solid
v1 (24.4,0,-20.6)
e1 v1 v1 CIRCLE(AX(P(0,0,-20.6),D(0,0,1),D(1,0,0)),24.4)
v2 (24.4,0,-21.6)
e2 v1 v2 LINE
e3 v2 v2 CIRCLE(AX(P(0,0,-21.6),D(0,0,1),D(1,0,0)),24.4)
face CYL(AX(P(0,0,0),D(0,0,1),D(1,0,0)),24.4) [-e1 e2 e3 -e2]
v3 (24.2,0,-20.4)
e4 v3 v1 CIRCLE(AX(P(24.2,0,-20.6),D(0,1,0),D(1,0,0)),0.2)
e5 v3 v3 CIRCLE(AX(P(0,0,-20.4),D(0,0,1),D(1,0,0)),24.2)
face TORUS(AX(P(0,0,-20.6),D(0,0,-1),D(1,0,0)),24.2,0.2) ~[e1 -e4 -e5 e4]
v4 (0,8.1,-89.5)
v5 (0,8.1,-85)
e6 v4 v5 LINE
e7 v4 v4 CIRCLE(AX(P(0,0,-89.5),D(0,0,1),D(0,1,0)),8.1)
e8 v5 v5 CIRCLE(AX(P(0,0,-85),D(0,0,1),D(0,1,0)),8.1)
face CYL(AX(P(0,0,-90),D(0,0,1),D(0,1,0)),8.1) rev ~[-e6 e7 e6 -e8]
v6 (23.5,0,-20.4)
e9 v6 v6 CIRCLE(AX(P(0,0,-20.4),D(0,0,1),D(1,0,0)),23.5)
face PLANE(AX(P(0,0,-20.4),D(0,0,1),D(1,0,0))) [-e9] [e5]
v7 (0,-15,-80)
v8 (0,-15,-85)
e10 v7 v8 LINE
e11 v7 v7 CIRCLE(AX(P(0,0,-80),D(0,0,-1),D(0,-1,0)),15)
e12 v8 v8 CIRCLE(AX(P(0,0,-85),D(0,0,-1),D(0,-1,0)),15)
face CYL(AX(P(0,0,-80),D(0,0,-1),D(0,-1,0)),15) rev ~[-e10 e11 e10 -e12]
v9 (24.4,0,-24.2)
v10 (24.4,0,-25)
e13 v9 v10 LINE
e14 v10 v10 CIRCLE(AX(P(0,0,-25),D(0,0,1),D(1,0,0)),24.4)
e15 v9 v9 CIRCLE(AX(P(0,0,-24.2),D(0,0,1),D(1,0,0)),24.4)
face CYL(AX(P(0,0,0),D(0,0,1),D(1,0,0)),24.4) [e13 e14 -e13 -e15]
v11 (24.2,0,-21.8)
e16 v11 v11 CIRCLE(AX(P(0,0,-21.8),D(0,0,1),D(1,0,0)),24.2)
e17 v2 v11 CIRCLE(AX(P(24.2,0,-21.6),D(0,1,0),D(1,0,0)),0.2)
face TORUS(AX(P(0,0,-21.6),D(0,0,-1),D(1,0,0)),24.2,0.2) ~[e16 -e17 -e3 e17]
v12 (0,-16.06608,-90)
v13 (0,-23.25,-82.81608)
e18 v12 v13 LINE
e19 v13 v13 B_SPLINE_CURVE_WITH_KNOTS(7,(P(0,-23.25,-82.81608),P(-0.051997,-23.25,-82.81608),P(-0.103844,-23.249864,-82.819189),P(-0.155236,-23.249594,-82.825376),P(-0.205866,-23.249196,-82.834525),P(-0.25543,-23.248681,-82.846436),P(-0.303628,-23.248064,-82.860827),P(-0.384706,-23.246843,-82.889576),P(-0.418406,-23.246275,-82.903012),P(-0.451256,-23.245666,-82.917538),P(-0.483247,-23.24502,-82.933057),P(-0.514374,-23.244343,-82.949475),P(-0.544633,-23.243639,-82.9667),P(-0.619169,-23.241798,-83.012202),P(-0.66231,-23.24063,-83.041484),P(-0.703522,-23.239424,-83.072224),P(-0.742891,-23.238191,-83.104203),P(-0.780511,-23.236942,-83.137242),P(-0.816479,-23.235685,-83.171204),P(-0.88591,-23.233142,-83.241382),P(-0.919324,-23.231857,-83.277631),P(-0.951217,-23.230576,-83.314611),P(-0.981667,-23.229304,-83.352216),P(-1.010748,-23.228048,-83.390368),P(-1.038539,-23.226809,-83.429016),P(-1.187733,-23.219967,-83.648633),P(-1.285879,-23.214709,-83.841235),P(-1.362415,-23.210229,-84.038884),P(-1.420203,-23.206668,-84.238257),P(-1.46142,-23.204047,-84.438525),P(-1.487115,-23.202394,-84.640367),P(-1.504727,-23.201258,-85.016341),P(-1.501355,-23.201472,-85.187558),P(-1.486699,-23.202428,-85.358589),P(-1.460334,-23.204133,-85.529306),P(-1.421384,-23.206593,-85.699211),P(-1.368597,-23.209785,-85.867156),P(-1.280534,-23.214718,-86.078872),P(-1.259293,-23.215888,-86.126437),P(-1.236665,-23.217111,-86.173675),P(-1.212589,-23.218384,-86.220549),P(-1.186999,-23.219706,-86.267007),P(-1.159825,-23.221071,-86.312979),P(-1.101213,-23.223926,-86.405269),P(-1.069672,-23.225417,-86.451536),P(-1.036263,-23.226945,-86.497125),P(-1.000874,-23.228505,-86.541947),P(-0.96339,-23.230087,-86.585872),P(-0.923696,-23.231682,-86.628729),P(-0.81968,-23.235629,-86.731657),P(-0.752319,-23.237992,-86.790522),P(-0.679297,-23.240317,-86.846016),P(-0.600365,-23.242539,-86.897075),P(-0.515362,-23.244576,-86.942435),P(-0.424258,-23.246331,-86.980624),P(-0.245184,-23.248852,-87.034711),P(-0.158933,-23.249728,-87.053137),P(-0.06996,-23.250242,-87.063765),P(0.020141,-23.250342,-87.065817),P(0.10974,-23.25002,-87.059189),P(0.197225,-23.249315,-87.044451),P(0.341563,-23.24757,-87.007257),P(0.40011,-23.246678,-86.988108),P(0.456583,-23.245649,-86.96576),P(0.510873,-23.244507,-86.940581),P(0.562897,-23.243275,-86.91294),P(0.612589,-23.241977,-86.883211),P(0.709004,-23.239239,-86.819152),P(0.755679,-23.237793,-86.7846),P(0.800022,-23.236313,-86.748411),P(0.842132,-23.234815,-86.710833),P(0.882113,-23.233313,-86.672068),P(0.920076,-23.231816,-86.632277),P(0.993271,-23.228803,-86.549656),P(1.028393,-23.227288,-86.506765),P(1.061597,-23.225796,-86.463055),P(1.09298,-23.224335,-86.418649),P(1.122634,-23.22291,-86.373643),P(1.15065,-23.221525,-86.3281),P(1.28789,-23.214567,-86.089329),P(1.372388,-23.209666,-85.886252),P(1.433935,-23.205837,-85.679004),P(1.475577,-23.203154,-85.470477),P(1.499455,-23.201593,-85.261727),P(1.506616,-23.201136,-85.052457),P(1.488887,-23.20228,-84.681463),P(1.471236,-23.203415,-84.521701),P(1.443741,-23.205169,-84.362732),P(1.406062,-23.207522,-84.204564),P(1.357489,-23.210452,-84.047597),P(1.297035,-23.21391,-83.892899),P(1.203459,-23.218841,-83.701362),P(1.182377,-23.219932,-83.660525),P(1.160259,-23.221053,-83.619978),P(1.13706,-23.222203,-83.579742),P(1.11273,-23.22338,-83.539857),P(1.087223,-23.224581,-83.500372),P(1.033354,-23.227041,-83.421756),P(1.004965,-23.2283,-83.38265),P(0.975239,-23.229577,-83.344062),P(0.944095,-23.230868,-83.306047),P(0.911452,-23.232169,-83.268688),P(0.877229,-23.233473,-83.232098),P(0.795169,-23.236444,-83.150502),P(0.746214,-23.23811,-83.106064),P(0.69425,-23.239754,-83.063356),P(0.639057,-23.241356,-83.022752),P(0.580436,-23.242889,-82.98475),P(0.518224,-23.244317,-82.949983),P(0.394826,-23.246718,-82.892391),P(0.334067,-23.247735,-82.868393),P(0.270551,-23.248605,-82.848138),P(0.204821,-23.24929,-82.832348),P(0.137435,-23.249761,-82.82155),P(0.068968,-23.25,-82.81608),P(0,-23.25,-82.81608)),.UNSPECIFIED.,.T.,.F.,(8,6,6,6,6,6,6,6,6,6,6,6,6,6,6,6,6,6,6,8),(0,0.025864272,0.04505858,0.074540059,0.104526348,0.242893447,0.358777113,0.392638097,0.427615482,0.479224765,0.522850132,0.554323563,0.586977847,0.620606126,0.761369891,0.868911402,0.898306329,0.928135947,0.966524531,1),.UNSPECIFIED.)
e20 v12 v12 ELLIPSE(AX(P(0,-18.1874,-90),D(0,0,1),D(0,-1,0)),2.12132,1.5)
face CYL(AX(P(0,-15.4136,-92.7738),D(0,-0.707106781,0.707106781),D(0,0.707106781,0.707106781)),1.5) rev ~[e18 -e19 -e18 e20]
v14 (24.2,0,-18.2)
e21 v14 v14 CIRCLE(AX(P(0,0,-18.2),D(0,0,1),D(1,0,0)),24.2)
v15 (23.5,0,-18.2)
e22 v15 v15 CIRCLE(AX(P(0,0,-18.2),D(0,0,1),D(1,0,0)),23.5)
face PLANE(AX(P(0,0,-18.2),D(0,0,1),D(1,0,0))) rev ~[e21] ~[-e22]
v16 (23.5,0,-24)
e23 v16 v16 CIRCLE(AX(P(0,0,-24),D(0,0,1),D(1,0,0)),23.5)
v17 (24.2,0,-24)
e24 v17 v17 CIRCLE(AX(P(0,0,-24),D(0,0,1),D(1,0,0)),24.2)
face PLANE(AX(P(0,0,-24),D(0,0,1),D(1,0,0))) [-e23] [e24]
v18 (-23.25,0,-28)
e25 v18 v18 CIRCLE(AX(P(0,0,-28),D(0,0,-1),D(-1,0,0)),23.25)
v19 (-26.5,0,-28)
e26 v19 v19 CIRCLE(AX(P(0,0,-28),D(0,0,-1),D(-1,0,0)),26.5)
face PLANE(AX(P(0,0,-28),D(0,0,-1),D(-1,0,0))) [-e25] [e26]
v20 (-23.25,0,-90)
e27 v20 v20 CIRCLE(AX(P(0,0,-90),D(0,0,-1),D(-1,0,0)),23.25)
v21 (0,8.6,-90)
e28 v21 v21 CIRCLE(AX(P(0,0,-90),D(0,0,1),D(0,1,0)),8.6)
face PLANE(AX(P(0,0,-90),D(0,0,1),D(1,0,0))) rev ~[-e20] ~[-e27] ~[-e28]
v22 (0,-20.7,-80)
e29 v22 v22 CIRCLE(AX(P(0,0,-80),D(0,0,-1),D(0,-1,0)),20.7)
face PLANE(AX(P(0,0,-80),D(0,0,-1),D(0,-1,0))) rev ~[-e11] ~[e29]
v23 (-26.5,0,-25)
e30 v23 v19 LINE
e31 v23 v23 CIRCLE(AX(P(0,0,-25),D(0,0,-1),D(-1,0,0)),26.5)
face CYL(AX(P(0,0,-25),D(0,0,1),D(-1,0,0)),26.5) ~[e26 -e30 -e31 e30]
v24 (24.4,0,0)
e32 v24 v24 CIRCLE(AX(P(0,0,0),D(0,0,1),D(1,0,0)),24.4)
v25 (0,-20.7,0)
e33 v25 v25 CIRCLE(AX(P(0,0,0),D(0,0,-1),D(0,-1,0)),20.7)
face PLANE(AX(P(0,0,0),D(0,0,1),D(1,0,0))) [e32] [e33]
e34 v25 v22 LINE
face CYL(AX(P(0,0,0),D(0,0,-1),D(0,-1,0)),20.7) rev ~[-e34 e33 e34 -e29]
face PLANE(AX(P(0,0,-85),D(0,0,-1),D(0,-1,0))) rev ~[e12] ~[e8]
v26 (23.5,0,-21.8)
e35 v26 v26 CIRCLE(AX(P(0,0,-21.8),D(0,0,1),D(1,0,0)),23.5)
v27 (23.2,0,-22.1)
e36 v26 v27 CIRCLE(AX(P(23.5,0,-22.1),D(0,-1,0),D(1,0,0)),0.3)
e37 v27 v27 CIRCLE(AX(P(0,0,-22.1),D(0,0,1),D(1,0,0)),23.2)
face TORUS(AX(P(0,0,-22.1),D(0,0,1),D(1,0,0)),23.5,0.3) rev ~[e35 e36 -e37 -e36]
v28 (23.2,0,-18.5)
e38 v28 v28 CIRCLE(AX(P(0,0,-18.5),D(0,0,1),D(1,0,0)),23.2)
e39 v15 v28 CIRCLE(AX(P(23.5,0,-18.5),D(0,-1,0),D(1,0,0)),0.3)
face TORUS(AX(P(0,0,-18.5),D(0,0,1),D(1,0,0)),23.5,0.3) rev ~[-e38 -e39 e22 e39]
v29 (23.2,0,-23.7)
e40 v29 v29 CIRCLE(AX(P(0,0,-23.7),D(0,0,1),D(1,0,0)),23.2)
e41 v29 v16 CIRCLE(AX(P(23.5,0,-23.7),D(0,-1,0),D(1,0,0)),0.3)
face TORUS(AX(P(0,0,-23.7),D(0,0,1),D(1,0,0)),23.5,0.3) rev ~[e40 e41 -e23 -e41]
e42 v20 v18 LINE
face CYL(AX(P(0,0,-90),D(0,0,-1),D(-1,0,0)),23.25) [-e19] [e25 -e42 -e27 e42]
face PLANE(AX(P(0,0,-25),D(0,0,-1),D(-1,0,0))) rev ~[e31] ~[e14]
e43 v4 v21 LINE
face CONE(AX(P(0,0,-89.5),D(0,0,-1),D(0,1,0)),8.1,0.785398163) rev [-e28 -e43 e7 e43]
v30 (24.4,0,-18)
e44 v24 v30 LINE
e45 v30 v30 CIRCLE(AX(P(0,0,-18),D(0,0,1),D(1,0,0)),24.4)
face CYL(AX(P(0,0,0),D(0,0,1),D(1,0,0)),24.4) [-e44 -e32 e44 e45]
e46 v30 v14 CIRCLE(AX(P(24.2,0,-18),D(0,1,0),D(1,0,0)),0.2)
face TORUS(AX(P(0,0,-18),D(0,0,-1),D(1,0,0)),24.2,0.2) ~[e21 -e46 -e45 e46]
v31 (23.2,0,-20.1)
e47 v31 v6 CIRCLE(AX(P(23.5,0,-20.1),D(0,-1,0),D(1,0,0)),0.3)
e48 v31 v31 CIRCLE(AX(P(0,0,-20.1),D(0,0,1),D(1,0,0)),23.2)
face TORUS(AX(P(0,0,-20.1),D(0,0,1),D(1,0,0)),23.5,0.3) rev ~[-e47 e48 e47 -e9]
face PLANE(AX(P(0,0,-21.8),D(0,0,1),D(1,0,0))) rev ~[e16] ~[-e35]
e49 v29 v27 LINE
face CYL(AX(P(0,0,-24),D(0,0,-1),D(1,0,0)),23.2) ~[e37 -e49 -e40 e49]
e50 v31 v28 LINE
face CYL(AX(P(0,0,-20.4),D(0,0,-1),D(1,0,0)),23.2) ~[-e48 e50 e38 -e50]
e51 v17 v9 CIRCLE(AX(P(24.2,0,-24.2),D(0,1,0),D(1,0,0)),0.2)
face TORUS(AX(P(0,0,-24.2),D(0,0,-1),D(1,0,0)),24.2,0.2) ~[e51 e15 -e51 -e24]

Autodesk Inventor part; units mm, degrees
sketch "Skizze1" plane through (0, 0, 0) normal (0, 0, 1) x (1, 0, 0)
  circle A0 centre (0, 0) radius 24.4
  dimension "d0" = 48.8
extrude "Extrusion1" add sketch "Skizze1" against normal blind 90
sketch "Skizze5" plane through (0, 0, 0) normal (0, 0, 1) x (1, 0, 0)
  circle A0 centre (0, 0) radius 21.5
  dimension "d21" = 43
extrude "Extrusion2" [suppressed]
ref_plane "Arbeitsebene1" through (0, 0, -25) normal (0, 0, -1) x (-1, 0, 0)
sketch "Skizze6" plane through (0, 0, -25) normal (0, 0, -1) x (-1, 0, 0)
  circle A0 centre (0, 0) radius 26.5
  dimension "d25" = 53
extrude "Extrusion3" add sketch "Skizze6" along normal blind 3
ref_plane "Arbeitsebene2" through (0, 0, -24) normal (0, 0, 1) x (1, 0, 0)
sketch "Skizze7" plane through (0, 0, -24) normal (0, 0, 1) x (1, 0, 0)
  circle A0 centre (0, 0) radius 23.2
  circle A1 centre (0, 0) radius 24.4
  dimension "d29" = 46.4
extrude "Extrusion4" cut sketch "Skizze7" along normal blind 2.2
ref_plane "Arbeitsebene3" through (0, 0, -20.4) normal (0, 0, 1) x (1, 0, 0)
sketch "Skizze8" plane through (0, 0, -20.4) normal (0, 0, 1) x (1, 0, 0)
  circle A0 centre (0, 0) radius 23.2
  circle A1 centre (0, 0) radius 24.4
  dimension "d33" = 46.4
extrude "Extrusion5" cut sketch "Skizze8" along normal blind 2.2
fillet "Rundung1" radius 0.2 4 edges at (-24.4, 0, -24) (-24.4, 0, -21.8) (-24.4, 0, -20.4) (-24.4, 0, -18.2)
fillet "Rundung2" radius 0.3 4 edges at (-23.2, 0, -24) (-23.2, 0, -20.4) (-23.2, 0, -18.2) (-23.2, 0, -21.8)
sketch "Skizze3" plane through (0, 0, 0) normal (0, 0, 1) x (1, 0, 0)
  point P0 (0, 0)
  point P1 (0, 0)
hole "Bohrung2" at (0, 0, 0) direction (0, 0, -1) diameter 41.4 depth 80
sketch "Skizze14" plane through (0, 0, -90) normal (0, 0, -1) x (-1, 0, 0)
  point P0 (0, 0)
  point P1 (0, 0)
hole "Bohrung4" at (0, 0, -90) direction (0, 0, 1) diameter 16.2 depth 10
chamfer "Fase2" distance 0.5 angle 45 1 edges at (0, -8.1, -90)
sketch "Skizze15" plane through (0, 0, -80) normal (0, 0, 1) x (1, 0, 0)
  point P0 (0, 0)
  point P1 (0, 0)
hole "Bohrung5" at (0, 0, -80) direction (0, 0, -1) diameter 30 depth 5
sketch "Skizze16" plane through (0, 0, 0) normal (1, 0, 0) x (0, 1, 0)
  line L0 (-28.5003, -80.2428) -> (-15.6915, -93.0517)
  line L1 (-28.5003, -80.2428) -> (-10.3858, -80.2428) construction
  line L2 (-24.4, -28) -> (-24.4, -90) projected
  line L3 (-24.4, -90) -> (24.4, -90) projected
  point P0 (0, 0)
  dimension "d75" = 45
  dimension "d83" = 4
ref_plane "Arbeitsebene7" through (0, 0, -10) normal (-1, 0, 0) x (0, 0, 1)
ref_plane "Arbeitsebene9" through (0, -15.6915, -93.0517) normal (0, 0.7071, -0.7071) x (-1, 0, 0)
sketch "Skizze17" plane through (0, -15.6915, -93.0517) normal (0, 0.7071, -0.7071) x (-1, 0, 0)
  point P0 (0, 76.893)
sketch "Skizze18" plane through (0, -15.6915, -93.0517) normal (0, 0.7071, -0.7071) x (-1, 0, 0)
  point P0 (0, 76.893)
  point P1 (0, 0.393)
  dimension "d91" = 76.5
hole "Bohrung6" at (0, -15.4136, -92.7738) direction (0, -0.7071, 0.7071) diameter 3 end through all
sketch "Skizze19" plane through (0, 0, -90) normal (0, 0, -1) x (-1, 0, 0)
  circle A0 centre (0, 0) radius 23.25
  circle A1 centre (0, 0) radius 24.4 projected
  dimension "d84" = 46.5
extrude "Extrusion8" cut sketch "Skizze19" against normal up to surface (62 mm away)
sketch "Skizze20" plane through (0, 0, -3) normal (0, 0, 1) x (1, 0, 0)
  circle A0 centre (0, 0) radius 21.75
  dimension "d88" = 43.5
properties part number "akkufach"
